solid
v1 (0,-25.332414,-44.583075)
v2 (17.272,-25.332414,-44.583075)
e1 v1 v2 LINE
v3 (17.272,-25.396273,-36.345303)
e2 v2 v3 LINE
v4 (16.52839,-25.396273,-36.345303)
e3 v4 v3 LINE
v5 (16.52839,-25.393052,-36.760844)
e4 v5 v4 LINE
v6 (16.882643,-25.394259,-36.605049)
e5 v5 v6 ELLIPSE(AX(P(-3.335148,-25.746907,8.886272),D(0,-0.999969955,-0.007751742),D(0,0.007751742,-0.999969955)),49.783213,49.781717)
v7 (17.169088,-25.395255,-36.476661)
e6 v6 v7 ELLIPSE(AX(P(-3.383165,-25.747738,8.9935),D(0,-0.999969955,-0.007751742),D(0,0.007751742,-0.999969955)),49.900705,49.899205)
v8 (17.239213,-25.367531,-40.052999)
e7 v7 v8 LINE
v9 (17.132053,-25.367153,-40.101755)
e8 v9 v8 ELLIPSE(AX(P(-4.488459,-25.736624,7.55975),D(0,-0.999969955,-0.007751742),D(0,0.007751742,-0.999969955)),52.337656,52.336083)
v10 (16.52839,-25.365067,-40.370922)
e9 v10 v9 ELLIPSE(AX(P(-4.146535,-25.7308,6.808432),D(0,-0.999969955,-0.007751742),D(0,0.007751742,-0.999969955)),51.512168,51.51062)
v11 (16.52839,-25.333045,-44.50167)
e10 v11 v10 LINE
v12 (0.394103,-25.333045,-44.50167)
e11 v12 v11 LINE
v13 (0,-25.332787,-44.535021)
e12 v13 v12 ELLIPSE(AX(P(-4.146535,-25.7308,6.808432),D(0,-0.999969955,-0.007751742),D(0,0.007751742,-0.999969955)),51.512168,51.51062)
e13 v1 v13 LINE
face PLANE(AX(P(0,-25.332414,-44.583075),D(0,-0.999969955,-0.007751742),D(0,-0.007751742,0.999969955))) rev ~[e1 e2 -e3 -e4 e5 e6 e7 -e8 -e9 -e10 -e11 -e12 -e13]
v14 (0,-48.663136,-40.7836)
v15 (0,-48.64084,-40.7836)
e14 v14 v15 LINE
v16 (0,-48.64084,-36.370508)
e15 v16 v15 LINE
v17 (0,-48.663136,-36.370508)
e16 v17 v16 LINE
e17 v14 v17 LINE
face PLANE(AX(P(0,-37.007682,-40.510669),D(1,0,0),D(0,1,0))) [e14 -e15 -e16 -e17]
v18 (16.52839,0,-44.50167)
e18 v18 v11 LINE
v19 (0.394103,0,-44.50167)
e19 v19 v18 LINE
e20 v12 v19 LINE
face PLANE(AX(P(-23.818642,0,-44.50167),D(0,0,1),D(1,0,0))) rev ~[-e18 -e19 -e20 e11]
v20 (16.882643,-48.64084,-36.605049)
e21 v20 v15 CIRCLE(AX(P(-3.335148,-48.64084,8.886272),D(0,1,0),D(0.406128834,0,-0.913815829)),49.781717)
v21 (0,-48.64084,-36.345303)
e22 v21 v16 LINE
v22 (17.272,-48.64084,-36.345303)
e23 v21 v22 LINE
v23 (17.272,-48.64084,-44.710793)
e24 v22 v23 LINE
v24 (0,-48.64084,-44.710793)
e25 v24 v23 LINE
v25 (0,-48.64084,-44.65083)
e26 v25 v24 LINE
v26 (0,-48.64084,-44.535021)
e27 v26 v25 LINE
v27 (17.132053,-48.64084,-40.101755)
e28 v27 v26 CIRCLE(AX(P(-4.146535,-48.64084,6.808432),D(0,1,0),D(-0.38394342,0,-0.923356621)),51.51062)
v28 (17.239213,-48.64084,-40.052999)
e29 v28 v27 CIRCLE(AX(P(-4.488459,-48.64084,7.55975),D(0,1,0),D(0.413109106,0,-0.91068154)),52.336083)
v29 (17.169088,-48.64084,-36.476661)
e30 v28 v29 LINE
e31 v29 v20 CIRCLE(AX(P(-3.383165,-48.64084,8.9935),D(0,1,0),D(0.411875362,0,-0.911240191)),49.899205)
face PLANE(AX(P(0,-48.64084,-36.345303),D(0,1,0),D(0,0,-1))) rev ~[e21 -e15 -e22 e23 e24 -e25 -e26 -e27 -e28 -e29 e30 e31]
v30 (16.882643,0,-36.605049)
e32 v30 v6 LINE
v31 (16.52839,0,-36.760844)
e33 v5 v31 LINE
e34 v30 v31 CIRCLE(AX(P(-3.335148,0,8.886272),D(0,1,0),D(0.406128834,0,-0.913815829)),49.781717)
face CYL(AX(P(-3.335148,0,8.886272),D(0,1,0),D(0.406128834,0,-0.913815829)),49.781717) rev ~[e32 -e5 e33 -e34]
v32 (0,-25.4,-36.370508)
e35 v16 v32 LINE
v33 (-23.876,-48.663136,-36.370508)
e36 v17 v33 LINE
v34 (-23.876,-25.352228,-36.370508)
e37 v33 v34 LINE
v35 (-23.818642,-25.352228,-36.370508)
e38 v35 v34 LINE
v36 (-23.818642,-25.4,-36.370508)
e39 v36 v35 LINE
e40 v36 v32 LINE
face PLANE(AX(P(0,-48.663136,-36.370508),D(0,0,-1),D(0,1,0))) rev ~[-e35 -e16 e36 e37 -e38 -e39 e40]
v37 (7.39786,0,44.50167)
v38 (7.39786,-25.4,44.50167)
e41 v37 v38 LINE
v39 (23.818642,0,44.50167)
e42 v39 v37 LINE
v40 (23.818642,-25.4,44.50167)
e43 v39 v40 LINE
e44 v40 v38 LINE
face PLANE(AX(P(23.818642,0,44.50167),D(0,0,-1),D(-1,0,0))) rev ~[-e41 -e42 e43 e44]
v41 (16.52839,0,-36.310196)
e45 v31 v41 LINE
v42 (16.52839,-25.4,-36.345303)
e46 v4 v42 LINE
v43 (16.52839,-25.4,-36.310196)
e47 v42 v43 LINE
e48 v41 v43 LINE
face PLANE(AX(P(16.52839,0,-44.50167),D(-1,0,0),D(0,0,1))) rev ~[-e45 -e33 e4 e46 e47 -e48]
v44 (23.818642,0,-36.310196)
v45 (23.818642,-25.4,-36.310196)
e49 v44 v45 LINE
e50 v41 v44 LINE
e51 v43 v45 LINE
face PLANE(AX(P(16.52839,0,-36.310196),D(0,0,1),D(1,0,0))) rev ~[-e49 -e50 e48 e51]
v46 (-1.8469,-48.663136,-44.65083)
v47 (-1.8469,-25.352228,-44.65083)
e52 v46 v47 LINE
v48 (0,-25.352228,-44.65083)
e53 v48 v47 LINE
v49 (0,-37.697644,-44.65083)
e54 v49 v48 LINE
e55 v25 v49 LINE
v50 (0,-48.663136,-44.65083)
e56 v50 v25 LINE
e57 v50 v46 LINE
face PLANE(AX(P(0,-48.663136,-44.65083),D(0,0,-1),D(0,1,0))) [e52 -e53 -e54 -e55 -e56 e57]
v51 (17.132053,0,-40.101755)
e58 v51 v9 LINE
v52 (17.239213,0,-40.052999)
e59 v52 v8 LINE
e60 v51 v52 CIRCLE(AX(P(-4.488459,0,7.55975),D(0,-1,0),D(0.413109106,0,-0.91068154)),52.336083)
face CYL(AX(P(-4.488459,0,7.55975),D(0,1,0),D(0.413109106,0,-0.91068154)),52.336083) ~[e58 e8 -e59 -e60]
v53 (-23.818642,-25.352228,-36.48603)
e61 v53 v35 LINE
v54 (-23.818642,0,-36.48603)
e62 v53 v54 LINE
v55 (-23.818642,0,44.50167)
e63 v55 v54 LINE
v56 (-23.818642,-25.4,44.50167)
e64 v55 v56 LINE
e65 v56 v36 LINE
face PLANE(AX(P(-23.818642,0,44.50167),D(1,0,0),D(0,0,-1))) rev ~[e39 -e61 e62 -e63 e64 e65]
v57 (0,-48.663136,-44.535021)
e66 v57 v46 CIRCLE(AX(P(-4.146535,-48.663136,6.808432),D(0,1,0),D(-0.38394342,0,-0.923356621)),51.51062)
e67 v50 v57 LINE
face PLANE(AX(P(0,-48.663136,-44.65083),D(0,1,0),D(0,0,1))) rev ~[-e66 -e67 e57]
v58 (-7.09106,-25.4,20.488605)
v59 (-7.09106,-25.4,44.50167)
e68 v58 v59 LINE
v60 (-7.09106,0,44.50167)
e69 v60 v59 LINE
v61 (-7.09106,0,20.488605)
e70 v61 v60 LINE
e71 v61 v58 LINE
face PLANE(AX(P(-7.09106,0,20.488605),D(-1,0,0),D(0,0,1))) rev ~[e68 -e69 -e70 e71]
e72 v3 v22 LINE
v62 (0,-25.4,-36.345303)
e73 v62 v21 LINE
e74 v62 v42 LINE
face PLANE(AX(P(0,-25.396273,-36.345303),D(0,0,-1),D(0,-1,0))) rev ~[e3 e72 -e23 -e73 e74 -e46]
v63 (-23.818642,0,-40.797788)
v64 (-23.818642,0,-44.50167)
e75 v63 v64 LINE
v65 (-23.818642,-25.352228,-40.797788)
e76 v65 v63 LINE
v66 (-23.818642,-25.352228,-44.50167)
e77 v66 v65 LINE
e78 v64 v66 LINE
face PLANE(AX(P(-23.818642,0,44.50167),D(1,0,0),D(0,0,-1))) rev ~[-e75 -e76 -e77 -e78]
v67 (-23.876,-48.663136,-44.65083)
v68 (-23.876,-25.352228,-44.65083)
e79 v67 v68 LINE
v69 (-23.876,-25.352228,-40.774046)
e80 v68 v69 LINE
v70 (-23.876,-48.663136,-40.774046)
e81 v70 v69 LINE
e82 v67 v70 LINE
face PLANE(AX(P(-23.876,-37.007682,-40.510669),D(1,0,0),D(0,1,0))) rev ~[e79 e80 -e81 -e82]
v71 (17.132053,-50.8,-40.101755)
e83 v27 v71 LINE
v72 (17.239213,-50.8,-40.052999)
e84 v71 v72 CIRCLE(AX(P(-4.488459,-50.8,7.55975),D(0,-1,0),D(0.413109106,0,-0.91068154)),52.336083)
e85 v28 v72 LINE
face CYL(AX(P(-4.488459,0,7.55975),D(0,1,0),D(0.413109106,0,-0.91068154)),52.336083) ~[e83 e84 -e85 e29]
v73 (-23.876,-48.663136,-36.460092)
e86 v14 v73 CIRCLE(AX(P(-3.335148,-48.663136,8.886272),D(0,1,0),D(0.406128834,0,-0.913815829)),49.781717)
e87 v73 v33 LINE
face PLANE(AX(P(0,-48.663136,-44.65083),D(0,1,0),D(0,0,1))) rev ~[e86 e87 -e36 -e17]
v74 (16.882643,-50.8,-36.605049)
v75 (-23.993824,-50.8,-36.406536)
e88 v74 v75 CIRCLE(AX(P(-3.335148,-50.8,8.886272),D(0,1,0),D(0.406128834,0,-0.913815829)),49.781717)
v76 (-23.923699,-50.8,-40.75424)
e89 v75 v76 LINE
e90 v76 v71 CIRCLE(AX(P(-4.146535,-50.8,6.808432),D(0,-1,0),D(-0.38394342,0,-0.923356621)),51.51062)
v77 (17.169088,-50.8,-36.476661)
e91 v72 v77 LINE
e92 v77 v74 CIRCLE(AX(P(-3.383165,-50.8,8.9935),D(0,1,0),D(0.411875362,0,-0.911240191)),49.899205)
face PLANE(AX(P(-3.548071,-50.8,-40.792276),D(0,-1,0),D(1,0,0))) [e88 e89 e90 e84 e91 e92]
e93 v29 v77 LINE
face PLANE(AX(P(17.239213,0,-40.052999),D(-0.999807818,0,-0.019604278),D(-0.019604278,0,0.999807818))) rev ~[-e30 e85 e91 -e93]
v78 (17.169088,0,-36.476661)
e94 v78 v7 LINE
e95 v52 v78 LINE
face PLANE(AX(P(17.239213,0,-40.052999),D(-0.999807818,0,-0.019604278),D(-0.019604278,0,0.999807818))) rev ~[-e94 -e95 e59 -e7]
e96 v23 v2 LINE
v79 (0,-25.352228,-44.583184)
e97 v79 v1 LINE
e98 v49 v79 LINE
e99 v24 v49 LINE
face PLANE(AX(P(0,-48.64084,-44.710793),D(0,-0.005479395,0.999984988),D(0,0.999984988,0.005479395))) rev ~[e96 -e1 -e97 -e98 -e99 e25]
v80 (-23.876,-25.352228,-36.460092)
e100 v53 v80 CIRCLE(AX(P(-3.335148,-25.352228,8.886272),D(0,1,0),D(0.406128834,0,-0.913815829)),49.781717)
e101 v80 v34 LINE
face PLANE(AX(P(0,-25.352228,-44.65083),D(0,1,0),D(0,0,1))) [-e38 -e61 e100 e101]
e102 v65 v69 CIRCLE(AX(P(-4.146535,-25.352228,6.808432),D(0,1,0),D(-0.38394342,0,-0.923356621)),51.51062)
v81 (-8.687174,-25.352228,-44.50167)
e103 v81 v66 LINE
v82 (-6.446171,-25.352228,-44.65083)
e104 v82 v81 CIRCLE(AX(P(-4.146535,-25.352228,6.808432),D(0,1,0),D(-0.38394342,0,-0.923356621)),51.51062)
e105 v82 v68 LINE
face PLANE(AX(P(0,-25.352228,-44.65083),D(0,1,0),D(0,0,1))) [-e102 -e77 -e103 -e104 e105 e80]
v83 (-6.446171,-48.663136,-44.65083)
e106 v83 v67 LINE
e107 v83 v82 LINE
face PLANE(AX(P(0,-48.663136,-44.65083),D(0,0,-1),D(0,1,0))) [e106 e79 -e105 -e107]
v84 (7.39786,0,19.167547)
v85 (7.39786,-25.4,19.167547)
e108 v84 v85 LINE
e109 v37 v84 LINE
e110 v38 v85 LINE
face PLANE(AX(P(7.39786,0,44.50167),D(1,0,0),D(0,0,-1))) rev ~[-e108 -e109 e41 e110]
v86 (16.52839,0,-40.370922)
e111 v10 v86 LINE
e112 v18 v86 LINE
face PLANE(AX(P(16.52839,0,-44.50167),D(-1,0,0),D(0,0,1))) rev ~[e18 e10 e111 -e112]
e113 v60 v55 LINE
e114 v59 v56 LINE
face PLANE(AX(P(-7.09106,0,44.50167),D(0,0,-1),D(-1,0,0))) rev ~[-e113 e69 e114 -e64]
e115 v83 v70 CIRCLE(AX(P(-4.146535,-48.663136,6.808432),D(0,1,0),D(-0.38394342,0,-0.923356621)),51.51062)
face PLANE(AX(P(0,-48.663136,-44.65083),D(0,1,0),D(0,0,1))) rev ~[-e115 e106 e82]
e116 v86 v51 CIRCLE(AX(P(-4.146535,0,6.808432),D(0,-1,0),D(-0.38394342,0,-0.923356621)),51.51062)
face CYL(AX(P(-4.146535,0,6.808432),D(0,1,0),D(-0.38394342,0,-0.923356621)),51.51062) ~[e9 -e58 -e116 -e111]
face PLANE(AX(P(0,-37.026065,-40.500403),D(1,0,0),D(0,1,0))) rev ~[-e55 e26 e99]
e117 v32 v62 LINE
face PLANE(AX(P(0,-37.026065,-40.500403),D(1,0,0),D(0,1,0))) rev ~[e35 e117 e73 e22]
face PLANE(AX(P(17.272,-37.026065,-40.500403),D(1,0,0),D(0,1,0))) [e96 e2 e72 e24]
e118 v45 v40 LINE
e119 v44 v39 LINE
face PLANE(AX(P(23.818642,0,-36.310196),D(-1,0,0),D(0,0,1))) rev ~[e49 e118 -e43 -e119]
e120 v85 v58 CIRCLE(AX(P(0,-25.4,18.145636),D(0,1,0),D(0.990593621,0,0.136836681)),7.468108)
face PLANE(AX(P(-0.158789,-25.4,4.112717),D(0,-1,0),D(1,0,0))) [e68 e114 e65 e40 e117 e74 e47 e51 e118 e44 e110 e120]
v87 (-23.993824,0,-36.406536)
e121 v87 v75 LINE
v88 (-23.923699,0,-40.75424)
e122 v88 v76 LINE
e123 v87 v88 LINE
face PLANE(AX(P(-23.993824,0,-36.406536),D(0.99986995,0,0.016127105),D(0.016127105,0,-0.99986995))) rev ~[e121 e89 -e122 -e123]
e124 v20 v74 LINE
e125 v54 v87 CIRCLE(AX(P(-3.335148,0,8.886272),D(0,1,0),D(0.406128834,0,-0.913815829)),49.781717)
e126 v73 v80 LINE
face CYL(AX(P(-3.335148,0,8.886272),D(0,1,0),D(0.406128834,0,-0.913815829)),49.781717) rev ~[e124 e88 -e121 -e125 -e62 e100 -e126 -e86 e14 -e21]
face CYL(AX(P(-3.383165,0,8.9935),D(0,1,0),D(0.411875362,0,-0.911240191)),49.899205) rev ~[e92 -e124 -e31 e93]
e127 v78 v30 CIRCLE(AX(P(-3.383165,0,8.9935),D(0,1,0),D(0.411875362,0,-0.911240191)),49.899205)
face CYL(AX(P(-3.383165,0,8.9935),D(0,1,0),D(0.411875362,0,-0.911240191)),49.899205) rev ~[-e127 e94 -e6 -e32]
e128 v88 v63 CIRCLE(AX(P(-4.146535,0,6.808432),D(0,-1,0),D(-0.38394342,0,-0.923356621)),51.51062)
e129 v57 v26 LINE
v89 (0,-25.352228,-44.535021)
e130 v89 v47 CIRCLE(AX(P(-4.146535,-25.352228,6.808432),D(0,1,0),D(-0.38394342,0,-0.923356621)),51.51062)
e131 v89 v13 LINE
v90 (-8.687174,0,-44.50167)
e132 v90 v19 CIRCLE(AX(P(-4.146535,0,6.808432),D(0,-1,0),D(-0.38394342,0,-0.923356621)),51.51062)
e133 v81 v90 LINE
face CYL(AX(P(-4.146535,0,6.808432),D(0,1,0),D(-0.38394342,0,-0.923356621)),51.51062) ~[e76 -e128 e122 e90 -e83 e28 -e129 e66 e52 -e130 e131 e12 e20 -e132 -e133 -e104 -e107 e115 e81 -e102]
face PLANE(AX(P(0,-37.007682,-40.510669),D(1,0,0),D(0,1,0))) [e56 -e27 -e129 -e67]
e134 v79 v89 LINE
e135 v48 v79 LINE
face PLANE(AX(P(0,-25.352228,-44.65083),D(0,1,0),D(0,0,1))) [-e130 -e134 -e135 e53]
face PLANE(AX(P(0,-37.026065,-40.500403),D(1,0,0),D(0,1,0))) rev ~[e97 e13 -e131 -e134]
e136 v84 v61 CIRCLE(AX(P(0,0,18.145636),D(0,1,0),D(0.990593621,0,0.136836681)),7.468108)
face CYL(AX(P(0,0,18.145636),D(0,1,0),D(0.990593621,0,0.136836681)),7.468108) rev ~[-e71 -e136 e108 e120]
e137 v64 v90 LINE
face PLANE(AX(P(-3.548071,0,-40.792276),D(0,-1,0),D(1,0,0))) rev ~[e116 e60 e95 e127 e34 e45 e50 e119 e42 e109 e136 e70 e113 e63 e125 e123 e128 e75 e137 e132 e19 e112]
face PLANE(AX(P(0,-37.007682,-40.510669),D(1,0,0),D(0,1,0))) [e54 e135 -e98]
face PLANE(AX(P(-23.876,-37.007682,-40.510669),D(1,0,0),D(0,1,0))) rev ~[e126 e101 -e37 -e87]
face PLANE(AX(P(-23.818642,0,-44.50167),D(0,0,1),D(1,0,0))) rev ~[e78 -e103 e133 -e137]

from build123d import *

# Parameters (mm, degrees)
F1_DEPTH = 25.4
F3_DEPTH = 17.272
F4_W     = 23.310908
F4_H     = 8.280322
F5_DEPTH = 23.876
F7_DEPTH = 50.8


with BuildPart() as f1:
    # F0 (on Front) → F1 (new body)
    with BuildSketch(Plane.XZ):
        with BuildLine():
            Line((23.818642, -36.310196), (23.818642, 44.50167))
            Line((23.818642, 44.50167), (7.39786, 44.50167))
            Line((7.39786, 44.50167), (7.39786, 19.167547))
            ThreePointArc((7.39786, 19.167547), (-0.678108, 10.708378), (-7.09106, 20.488605))
            Line((-7.09106, 20.488605), (-7.09106, 44.50167))
            Line((-7.09106, 44.50167), (-23.818642, 44.50167))
            Line((-23.818642, 44.50167), (-23.818642, -44.50167))
            Line((-23.818642, -44.50167), (16.52839, -44.50167))
            Line((16.52839, -44.50167), (16.52839, -36.310196))
            Line((16.52839, -36.310196), (23.818642, -36.310196))
        make_face()
    extrude(amount=F1_DEPTH)

    # F2 (on Right) → F3 (join)
    with BuildSketch(Plane.YZ):
        Polygon((-25.332414, -44.583075), (-25.396273, -36.345303), (-48.64084, -36.345303), (-48.64084, -44.710793), align=None)
    extrude(amount=F3_DEPTH)

    # F4 (on Right) → F5 (join)
    with BuildSketch(Plane.YZ):
        with Locations((-37.007682, -40.510669)):
            Rectangle(F4_W, F4_H)
    extrude(amount=-F5_DEPTH)

    # F6 (on Front) → F7 (join)
    with BuildSketch(Plane.XZ):
        with BuildLine():
            ThreePointArc((16.882643, -36.605049), (-3.576906, -40.894858), (-23.993824, -36.406536))
            Line((-23.993824, -36.406536), (-23.923699, -40.75424))
            ThreePointArc((-23.923699, -40.75424), (-3.327998, -44.695684), (17.132053, -40.101755))
            Line((17.132053, -40.101755), (17.169088, -36.476661))
            ThreePointArc((17.169088, -36.476661), (17.025967, -36.54108), (16.882643, -36.605049))
        make_face()
        with BuildLine():
            Line((17.239213, -40.052999), (17.169088, -36.476661))
            Line((17.169088, -36.476661), (17.132053, -40.101755))
            ThreePointArc((17.132053, -40.101755), (17.185647, -40.077407), (17.239213, -40.052999))
        make_face()
    extrude(amount=F7_DEPTH)


solid = f1.part
